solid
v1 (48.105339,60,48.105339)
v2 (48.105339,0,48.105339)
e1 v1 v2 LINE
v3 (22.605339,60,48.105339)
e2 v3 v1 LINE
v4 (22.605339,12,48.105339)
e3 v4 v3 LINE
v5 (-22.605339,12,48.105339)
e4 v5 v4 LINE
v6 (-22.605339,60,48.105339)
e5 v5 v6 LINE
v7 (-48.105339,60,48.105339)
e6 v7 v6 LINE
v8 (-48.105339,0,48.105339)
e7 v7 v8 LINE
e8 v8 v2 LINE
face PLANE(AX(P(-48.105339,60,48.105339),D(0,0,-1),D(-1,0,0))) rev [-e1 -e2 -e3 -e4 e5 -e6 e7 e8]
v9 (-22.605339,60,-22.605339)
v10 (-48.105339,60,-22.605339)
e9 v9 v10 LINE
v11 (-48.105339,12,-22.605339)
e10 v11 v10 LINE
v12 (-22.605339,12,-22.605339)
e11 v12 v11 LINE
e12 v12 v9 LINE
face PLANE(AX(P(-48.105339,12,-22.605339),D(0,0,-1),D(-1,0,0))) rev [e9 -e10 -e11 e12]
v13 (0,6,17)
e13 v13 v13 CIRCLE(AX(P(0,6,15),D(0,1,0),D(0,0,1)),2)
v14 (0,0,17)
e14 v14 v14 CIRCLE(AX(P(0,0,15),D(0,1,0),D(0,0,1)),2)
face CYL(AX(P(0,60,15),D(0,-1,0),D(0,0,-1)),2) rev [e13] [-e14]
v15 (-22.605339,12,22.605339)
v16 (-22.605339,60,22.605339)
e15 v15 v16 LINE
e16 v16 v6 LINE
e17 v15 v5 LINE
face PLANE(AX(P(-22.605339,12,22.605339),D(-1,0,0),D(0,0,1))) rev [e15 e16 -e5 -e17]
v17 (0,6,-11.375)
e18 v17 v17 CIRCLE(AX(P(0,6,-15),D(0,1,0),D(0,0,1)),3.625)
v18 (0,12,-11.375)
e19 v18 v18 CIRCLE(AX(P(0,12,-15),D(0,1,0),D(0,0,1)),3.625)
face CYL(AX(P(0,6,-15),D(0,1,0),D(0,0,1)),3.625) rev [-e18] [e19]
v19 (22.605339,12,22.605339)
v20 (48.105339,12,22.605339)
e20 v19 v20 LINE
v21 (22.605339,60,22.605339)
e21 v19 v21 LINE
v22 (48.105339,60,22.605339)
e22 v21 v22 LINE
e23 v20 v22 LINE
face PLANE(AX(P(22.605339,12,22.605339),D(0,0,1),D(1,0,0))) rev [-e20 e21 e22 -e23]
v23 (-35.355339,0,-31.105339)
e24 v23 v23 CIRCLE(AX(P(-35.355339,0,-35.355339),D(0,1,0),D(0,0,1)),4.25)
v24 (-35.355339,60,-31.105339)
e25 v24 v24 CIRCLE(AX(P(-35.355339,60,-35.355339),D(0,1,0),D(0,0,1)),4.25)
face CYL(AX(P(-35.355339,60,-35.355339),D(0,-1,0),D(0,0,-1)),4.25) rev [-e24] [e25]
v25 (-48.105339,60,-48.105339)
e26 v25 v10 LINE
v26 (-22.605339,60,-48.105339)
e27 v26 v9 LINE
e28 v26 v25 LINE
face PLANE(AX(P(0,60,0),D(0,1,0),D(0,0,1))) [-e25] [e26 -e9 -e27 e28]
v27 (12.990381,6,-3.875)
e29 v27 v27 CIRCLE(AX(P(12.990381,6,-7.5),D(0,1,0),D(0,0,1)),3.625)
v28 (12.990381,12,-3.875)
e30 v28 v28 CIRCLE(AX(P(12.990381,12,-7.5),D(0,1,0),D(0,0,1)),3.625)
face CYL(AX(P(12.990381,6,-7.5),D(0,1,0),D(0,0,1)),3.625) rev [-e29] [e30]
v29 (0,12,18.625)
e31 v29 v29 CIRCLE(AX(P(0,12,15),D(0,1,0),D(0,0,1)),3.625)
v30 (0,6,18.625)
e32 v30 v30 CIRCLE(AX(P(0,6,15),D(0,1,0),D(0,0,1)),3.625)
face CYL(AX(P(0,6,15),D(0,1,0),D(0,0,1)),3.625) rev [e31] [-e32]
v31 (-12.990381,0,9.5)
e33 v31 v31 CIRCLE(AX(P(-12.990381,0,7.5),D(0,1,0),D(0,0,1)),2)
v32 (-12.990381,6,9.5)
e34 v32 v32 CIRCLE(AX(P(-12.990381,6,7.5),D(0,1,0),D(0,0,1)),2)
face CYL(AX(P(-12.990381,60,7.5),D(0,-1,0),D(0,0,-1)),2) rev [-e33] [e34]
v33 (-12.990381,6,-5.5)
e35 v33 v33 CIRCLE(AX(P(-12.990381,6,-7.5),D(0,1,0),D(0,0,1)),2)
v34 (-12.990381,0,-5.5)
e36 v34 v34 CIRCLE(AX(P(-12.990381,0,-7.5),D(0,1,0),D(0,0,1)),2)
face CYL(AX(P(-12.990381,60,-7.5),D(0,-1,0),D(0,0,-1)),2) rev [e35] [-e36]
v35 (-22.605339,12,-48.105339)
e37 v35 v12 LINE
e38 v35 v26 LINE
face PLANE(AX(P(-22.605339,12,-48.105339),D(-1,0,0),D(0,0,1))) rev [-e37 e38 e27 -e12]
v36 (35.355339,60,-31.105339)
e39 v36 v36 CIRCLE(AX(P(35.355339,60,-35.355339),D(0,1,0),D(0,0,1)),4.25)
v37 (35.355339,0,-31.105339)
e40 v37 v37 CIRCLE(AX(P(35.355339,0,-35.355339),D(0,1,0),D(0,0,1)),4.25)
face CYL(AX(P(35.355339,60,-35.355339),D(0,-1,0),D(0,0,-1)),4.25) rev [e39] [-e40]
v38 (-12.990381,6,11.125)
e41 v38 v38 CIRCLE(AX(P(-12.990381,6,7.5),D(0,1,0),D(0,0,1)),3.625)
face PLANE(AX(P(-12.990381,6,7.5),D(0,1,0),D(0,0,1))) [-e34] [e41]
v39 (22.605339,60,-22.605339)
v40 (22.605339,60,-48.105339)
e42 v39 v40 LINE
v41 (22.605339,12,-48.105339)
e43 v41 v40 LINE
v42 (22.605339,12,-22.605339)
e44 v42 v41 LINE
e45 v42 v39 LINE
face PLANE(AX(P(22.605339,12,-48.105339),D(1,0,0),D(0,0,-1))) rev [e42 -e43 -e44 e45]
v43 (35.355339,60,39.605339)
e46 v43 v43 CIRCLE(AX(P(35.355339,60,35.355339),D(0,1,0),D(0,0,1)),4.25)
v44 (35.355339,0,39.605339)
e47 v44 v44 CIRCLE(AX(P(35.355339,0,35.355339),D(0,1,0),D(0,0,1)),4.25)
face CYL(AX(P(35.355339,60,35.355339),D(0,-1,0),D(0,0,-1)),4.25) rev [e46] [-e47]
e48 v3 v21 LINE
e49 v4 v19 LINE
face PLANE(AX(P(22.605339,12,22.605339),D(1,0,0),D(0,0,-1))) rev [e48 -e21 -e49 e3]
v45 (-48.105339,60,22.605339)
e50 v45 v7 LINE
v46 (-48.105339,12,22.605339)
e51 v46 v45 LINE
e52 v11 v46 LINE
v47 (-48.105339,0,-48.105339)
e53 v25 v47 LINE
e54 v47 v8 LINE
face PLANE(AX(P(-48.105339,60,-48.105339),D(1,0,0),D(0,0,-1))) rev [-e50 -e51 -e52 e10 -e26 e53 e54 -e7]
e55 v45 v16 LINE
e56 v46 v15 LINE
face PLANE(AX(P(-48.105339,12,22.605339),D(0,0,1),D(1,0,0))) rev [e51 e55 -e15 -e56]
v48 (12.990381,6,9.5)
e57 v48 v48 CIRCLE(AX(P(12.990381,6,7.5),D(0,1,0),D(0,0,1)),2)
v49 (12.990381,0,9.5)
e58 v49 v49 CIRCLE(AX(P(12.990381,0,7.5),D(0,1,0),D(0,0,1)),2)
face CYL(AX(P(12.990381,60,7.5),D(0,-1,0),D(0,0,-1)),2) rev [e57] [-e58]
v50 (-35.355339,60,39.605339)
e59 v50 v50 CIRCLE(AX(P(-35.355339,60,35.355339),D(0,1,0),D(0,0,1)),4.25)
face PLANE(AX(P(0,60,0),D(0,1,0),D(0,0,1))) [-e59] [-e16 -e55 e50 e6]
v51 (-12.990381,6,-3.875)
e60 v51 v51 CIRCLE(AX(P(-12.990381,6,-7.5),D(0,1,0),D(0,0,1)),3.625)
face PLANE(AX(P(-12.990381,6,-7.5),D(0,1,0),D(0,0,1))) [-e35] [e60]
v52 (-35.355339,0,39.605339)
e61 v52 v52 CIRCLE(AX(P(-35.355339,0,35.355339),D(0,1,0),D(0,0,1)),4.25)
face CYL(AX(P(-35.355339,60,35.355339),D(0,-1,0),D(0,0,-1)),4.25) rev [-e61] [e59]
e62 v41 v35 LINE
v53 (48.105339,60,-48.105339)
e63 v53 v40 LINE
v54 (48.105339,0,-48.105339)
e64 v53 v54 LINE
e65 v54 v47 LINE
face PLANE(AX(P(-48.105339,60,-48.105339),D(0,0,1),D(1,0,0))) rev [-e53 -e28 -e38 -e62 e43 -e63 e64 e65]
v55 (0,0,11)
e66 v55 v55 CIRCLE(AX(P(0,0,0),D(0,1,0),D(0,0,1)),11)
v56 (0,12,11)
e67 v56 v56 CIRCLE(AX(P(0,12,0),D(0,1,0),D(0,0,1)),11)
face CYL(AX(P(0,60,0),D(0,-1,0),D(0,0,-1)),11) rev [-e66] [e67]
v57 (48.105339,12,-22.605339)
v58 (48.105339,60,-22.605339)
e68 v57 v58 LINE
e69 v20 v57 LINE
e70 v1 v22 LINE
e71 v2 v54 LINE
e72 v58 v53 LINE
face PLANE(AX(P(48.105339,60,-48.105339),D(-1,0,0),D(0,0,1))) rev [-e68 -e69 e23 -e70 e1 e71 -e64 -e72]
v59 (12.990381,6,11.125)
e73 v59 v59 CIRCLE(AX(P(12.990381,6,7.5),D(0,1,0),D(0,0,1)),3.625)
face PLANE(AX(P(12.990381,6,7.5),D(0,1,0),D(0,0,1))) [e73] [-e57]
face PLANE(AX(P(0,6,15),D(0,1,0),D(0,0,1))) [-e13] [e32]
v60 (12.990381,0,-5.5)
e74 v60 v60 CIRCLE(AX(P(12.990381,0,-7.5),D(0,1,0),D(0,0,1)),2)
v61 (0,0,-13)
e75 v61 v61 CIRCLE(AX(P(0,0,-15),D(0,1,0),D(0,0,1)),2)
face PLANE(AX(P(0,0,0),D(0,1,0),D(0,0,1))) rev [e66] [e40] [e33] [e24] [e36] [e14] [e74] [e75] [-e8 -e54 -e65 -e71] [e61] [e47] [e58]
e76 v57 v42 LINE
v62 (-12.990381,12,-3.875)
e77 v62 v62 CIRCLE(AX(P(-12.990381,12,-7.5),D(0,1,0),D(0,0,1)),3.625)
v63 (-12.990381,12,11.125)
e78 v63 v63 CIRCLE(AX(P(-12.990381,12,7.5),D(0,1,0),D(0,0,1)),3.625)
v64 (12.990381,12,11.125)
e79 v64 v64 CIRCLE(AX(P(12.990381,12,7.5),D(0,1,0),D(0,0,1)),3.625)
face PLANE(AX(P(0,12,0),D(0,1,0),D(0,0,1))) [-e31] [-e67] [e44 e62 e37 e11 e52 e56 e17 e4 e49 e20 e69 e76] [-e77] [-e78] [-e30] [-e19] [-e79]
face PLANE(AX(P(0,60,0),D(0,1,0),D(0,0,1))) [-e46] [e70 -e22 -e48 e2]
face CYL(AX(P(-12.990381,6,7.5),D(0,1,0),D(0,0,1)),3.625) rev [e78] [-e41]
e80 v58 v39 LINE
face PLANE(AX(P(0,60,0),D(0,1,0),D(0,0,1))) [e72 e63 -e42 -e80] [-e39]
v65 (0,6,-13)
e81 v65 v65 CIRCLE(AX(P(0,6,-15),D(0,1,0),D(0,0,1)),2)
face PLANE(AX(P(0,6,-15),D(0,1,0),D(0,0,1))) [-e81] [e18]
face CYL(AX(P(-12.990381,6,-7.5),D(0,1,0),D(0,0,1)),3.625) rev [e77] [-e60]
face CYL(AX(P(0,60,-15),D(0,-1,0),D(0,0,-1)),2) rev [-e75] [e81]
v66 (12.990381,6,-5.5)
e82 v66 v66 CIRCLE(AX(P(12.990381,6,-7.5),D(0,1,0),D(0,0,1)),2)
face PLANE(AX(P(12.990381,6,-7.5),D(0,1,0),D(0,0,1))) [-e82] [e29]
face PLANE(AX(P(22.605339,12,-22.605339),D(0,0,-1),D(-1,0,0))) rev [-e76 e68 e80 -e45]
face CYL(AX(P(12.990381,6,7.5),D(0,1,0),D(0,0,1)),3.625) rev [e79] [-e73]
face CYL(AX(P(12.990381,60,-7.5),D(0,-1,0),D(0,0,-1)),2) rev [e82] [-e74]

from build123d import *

# Parameters (mm, degrees)
SKETCH1_W                               = 96.210678118
SKETCH1_H                               = 96.210678118
SKETCH1_R                               = 11
SKETCH1_R_2                             = 2
SKETCH1_R_3                             = 4.25
MAIN_BODY_DEPTH                         = 60
MAIN_MILL_CUT_DEPTH                     = 48
SKETCH2_R                               = 3.625
MOTOR_MOUNT_BOLT_HEAD_COUNTERSINK_DEPTH = 54


with BuildPart() as part:
    # Sketch1 → main body (new body)
    with BuildSketch(Plane(origin=(0, 0, 0), x_dir=(1, 0, 0), z_dir=(0, 1, 0))):
        Rectangle(SKETCH1_W, SKETCH1_H)
        with Locations(Location((0, 0, 0), (0, 0, 270))):
            Circle(SKETCH1_R, mode=Mode.SUBTRACT)
        with Locations(Location((0, 15, 0), (0, 0, 270))):
            Circle(SKETCH1_R_2, mode=Mode.SUBTRACT)
        with Locations(Location((35.355339059, 35.355339059, 0), (0, 0, 270))):
            Circle(SKETCH1_R_3, mode=Mode.SUBTRACT)
        with Locations(Location((12.990381057, 7.5, 0), (0, 0, 270))):
            Circle(SKETCH1_R_2, mode=Mode.SUBTRACT)
        with Locations(Location((12.990381057, -7.5, 0), (0, 0, 270))):
            Circle(SKETCH1_R_2, mode=Mode.SUBTRACT)
        with Locations(Location((0, -15, 0), (0, 0, 270))):
            Circle(SKETCH1_R_2, mode=Mode.SUBTRACT)
        with Locations(Location((-12.990381057, -7.5, 0), (0, 0, 270))):
            Circle(SKETCH1_R_2, mode=Mode.SUBTRACT)
        with Locations(Location((-12.990381057, 7.5, 0), (0, 0, 270))):
            Circle(SKETCH1_R_2, mode=Mode.SUBTRACT)
        with Locations(Location((35.355339059, -35.355339059, 0), (0, 0, 270))):
            Circle(SKETCH1_R_3, mode=Mode.SUBTRACT)
        with Locations(Location((-35.355339059, -35.355339059, 0), (0, 0, 270))):
            Circle(SKETCH1_R_3, mode=Mode.SUBTRACT)
        with Locations(Location((-35.355339059, 35.355339059, 0), (0, 0, 270))):
            Circle(SKETCH1_R_3, mode=Mode.SUBTRACT)
    extrude(amount=MAIN_BODY_DEPTH)

    # Sketch4 → main mill cut (cut)
    with BuildSketch(Plane(origin=(0, 60, 0), x_dir=(1, 0, 0), z_dir=(0, 1, 0))):
        Polygon((-22.605339059, 48.105339059), (22.605339059, 48.105339059), (22.605339059, 22.605339059), (48.105339059, 22.605339059), (48.105339059, -22.605339059), (22.605339059, -22.605339059), (22.605339059, -48.105339059), (-22.605339059, -48.105339059), (-22.605339059, -22.605339059), (-48.105339059, -22.605339059), (-48.105339059, 22.605339059), (-22.605339059, 22.605339059), align=None)
    extrude(amount=-MAIN_MILL_CUT_DEPTH, mode=Mode.SUBTRACT)

    # Sketch2 → motor mount bolt head countersink (cut)
    with BuildSketch(Plane(origin=(0, 60, 0), x_dir=(1, 0, 0), z_dir=(0, 1, 0))):
        with Locations(Location((12.990381057, 7.5, 0), (0, 0, 270))):
            Circle(SKETCH2_R)
        with Locations(Location((0, 15, 0), (0, 0, 270))):
            Circle(SKETCH2_R)
        with Locations(Location((12.990381057, -7.5, 0), (0, 0, 270))):
            Circle(SKETCH2_R)
        with Locations(Location((0, -15, 0), (0, 0, 270))):
            Circle(SKETCH2_R)
        with Locations(Location((-12.990381057, -7.5, 0), (0, 0, 270))):
            Circle(SKETCH2_R)
        with Locations(Location((-12.990381057, 7.5, 0), (0, 0, 270))):
            Circle(SKETCH2_R)
    extrude(amount=-MOTOR_MOUNT_BOLT_HEAD_COUNTERSINK_DEPTH, mode=Mode.SUBTRACT)


solid = part.part
